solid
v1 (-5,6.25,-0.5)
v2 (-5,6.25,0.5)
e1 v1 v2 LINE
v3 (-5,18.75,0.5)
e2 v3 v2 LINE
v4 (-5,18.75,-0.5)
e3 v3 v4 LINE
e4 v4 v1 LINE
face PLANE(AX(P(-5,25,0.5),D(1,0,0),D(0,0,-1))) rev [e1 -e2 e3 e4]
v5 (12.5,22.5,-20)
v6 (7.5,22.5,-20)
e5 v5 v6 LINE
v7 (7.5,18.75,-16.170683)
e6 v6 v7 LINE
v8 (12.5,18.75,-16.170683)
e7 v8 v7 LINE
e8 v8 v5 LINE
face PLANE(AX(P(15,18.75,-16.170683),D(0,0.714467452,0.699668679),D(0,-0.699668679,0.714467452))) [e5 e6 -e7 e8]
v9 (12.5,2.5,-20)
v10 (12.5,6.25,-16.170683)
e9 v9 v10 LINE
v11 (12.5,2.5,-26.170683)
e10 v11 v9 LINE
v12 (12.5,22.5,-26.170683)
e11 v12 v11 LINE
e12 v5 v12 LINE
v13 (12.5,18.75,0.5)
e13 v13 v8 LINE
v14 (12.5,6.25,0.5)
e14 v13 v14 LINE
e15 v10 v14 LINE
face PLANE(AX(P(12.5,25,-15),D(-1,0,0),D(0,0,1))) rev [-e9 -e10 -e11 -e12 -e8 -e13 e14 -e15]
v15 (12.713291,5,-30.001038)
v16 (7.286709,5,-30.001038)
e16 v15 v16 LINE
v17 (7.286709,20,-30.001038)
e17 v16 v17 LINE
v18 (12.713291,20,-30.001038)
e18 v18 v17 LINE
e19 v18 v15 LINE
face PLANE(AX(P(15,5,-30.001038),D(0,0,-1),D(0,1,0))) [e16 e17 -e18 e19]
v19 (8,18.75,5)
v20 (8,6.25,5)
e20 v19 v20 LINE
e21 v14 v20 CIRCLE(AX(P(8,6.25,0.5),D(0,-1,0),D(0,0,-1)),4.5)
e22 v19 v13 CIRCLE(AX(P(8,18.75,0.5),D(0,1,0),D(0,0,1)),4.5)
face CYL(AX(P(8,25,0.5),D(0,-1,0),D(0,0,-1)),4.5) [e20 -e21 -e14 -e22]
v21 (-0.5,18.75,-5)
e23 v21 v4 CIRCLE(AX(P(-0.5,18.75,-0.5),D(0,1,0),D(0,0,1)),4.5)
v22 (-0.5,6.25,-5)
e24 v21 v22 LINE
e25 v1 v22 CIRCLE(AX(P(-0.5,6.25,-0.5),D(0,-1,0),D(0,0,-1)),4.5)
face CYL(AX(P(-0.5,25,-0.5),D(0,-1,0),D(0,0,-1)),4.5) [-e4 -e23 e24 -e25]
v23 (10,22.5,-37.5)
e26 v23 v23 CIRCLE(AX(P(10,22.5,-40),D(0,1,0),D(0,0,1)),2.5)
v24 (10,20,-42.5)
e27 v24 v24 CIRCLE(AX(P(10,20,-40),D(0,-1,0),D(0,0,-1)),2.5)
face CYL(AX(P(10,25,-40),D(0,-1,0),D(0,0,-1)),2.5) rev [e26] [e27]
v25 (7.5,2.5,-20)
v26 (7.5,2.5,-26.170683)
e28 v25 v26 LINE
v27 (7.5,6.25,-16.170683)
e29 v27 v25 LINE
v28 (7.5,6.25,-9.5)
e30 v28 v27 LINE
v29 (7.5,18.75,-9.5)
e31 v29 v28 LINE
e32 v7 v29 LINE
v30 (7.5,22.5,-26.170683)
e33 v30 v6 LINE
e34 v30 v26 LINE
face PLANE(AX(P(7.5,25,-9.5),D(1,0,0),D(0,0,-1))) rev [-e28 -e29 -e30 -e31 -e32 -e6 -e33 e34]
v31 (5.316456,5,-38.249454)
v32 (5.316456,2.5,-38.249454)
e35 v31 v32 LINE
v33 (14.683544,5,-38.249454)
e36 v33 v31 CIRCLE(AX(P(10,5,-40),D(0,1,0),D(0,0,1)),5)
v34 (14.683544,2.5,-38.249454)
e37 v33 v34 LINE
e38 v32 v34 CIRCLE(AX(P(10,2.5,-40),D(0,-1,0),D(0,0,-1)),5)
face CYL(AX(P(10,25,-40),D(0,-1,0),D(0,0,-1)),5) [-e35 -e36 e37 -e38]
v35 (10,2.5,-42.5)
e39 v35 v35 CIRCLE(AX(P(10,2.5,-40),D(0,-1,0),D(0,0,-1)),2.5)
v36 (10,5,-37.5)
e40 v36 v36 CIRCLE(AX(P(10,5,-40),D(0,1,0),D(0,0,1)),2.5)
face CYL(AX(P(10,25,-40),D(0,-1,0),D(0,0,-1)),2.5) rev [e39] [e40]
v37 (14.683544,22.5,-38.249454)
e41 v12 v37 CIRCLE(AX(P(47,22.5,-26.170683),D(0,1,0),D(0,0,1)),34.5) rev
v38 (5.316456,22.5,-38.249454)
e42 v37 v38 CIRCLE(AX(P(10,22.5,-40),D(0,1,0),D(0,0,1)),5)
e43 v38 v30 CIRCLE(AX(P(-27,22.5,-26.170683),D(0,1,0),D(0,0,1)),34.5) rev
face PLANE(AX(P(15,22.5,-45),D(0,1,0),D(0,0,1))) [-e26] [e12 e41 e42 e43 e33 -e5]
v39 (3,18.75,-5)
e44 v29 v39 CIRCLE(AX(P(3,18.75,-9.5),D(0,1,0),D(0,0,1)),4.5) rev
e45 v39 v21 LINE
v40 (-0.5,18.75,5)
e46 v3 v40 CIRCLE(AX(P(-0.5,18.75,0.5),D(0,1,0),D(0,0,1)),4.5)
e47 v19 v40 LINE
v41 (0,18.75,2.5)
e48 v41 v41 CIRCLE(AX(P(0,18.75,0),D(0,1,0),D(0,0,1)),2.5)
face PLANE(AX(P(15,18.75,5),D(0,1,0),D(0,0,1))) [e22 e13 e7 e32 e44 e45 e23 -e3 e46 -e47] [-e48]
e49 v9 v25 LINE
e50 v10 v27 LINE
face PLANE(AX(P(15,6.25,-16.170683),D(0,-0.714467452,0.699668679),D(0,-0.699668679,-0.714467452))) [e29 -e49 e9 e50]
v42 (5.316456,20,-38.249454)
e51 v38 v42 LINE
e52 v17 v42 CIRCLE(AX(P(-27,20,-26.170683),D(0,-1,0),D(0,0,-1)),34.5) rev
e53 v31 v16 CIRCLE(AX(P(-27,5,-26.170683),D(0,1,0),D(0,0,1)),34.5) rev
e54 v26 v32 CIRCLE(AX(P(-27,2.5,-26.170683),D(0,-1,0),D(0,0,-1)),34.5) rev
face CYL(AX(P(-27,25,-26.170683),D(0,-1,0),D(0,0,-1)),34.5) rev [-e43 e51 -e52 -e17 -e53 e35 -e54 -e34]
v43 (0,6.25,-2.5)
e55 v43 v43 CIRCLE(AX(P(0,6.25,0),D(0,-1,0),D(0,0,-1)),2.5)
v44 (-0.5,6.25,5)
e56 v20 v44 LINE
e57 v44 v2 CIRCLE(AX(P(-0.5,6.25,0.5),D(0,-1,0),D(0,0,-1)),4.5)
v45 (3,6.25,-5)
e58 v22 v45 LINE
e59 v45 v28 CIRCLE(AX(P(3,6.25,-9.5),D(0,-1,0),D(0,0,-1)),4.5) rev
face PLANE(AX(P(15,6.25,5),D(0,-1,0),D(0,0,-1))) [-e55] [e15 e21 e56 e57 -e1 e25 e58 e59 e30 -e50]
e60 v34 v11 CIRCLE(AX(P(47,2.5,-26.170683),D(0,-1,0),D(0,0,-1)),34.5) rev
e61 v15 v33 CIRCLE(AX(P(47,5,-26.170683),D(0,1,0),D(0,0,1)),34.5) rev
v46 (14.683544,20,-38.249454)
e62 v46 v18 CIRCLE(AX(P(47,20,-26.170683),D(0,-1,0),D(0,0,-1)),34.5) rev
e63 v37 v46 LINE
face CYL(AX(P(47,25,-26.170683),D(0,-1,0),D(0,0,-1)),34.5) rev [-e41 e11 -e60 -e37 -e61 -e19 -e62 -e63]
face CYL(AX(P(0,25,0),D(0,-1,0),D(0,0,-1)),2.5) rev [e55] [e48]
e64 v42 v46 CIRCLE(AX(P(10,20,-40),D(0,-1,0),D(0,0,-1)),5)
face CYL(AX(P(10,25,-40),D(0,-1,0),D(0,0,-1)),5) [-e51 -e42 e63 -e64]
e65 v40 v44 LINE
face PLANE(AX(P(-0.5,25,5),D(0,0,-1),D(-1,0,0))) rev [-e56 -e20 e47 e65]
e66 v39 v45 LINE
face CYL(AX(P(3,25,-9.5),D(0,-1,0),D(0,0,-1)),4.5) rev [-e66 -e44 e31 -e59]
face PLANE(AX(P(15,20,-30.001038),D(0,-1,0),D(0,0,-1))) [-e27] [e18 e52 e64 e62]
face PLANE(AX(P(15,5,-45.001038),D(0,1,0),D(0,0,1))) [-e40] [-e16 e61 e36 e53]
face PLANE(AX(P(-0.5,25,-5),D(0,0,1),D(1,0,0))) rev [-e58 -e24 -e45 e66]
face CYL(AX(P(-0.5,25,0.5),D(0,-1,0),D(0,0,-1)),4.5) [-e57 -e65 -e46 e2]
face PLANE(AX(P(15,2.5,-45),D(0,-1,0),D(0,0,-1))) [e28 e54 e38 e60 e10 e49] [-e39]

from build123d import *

# Parameters (mm, degrees)
SKETCH1_R               = 2.5
BOSS_EXTRUDE1_DEPTH     = 25
CUT_EXTRUDE2_DEPTH      = 54.619026474
CUT_EXTRUDE2_DEPTH_BACK = 54.619026474
SKETCH4_W               = 15
SKETCH4_H               = 15


with BuildPart() as part:
    # Sketch1 → Boss-Extrude1 (new body)
    with BuildSketch(Plane(origin=(0, 0, 0), x_dir=(1, 0, 0), z_dir=(0, 1, 0))):
        with BuildLine():
            Line((7.5, 9.5), (7.5, 26.170683314))
            ThreePointArc((7.5, 26.170683314), (6.949725489, 32.307957892), (5.316455696, 38.249453584))
            ThreePointArc((5.316455696, 38.249453584), (10, 45), (14.683544304, 38.249453584))
            ThreePointArc((14.683544304, 38.249453584), (13.050274511, 32.307957892), (12.5, 26.170683314))
            Line((12.5, 26.170683314), (12.5, 15))
            Line((12.5, 15), (12.5, -0.5))
            ThreePointArc((12.5, -0.5), (11.181980515, -3.681980515), (8, -5))
            Line((8, -5), (-0.5, -5))
            ThreePointArc((-0.5, -5), (-3.681980515, -3.681980515), (-5, -0.5))
            Line((-5, -0.5), (-5, 0.5))
            ThreePointArc((-5, 0.5), (-3.681980515, 3.681980515), (-0.5, 5))
            Line((-0.5, 5), (3, 5))
            ThreePointArc((3, 5), (6.181980515, 6.318019485), (7.5, 9.5))
        make_face()
        with Locations(Location((0, 0, 0), (0, 0, 270))):
            Circle(SKETCH1_R, mode=Mode.SUBTRACT)
        with Locations(Location((10, 40, 0), (0, 0, 270))):
            Circle(SKETCH1_R, mode=Mode.SUBTRACT)
    extrude(amount=BOSS_EXTRUDE1_DEPTH)

    # Sketch4 → Cut-Extrude2 (cut, two sides: drawn at the far end of the back side and taken through both)
    with BuildSketch(Plane(origin=(0, 0, 0), x_dir=(0, 0, -1), z_dir=(1, 0, 0)).offset(-CUT_EXTRUDE2_DEPTH_BACK)):
        with Locations((37.501037615, 12.5)):
            Rectangle(SKETCH4_W, SKETCH4_H)
        Polygon((45, 25), (45, 22.5), (20, 22.5), (16.170683314, 18.75), (-5, 18.75), (-5, 25), align=None)
        Polygon((45, 0), (-5, 0), (-5, 6.25), (16.170683314, 6.25), (20, 2.5), (45, 2.5), align=None)
    extrude(amount=CUT_EXTRUDE2_DEPTH + CUT_EXTRUDE2_DEPTH_BACK, mode=Mode.SUBTRACT)


solid = part.part
